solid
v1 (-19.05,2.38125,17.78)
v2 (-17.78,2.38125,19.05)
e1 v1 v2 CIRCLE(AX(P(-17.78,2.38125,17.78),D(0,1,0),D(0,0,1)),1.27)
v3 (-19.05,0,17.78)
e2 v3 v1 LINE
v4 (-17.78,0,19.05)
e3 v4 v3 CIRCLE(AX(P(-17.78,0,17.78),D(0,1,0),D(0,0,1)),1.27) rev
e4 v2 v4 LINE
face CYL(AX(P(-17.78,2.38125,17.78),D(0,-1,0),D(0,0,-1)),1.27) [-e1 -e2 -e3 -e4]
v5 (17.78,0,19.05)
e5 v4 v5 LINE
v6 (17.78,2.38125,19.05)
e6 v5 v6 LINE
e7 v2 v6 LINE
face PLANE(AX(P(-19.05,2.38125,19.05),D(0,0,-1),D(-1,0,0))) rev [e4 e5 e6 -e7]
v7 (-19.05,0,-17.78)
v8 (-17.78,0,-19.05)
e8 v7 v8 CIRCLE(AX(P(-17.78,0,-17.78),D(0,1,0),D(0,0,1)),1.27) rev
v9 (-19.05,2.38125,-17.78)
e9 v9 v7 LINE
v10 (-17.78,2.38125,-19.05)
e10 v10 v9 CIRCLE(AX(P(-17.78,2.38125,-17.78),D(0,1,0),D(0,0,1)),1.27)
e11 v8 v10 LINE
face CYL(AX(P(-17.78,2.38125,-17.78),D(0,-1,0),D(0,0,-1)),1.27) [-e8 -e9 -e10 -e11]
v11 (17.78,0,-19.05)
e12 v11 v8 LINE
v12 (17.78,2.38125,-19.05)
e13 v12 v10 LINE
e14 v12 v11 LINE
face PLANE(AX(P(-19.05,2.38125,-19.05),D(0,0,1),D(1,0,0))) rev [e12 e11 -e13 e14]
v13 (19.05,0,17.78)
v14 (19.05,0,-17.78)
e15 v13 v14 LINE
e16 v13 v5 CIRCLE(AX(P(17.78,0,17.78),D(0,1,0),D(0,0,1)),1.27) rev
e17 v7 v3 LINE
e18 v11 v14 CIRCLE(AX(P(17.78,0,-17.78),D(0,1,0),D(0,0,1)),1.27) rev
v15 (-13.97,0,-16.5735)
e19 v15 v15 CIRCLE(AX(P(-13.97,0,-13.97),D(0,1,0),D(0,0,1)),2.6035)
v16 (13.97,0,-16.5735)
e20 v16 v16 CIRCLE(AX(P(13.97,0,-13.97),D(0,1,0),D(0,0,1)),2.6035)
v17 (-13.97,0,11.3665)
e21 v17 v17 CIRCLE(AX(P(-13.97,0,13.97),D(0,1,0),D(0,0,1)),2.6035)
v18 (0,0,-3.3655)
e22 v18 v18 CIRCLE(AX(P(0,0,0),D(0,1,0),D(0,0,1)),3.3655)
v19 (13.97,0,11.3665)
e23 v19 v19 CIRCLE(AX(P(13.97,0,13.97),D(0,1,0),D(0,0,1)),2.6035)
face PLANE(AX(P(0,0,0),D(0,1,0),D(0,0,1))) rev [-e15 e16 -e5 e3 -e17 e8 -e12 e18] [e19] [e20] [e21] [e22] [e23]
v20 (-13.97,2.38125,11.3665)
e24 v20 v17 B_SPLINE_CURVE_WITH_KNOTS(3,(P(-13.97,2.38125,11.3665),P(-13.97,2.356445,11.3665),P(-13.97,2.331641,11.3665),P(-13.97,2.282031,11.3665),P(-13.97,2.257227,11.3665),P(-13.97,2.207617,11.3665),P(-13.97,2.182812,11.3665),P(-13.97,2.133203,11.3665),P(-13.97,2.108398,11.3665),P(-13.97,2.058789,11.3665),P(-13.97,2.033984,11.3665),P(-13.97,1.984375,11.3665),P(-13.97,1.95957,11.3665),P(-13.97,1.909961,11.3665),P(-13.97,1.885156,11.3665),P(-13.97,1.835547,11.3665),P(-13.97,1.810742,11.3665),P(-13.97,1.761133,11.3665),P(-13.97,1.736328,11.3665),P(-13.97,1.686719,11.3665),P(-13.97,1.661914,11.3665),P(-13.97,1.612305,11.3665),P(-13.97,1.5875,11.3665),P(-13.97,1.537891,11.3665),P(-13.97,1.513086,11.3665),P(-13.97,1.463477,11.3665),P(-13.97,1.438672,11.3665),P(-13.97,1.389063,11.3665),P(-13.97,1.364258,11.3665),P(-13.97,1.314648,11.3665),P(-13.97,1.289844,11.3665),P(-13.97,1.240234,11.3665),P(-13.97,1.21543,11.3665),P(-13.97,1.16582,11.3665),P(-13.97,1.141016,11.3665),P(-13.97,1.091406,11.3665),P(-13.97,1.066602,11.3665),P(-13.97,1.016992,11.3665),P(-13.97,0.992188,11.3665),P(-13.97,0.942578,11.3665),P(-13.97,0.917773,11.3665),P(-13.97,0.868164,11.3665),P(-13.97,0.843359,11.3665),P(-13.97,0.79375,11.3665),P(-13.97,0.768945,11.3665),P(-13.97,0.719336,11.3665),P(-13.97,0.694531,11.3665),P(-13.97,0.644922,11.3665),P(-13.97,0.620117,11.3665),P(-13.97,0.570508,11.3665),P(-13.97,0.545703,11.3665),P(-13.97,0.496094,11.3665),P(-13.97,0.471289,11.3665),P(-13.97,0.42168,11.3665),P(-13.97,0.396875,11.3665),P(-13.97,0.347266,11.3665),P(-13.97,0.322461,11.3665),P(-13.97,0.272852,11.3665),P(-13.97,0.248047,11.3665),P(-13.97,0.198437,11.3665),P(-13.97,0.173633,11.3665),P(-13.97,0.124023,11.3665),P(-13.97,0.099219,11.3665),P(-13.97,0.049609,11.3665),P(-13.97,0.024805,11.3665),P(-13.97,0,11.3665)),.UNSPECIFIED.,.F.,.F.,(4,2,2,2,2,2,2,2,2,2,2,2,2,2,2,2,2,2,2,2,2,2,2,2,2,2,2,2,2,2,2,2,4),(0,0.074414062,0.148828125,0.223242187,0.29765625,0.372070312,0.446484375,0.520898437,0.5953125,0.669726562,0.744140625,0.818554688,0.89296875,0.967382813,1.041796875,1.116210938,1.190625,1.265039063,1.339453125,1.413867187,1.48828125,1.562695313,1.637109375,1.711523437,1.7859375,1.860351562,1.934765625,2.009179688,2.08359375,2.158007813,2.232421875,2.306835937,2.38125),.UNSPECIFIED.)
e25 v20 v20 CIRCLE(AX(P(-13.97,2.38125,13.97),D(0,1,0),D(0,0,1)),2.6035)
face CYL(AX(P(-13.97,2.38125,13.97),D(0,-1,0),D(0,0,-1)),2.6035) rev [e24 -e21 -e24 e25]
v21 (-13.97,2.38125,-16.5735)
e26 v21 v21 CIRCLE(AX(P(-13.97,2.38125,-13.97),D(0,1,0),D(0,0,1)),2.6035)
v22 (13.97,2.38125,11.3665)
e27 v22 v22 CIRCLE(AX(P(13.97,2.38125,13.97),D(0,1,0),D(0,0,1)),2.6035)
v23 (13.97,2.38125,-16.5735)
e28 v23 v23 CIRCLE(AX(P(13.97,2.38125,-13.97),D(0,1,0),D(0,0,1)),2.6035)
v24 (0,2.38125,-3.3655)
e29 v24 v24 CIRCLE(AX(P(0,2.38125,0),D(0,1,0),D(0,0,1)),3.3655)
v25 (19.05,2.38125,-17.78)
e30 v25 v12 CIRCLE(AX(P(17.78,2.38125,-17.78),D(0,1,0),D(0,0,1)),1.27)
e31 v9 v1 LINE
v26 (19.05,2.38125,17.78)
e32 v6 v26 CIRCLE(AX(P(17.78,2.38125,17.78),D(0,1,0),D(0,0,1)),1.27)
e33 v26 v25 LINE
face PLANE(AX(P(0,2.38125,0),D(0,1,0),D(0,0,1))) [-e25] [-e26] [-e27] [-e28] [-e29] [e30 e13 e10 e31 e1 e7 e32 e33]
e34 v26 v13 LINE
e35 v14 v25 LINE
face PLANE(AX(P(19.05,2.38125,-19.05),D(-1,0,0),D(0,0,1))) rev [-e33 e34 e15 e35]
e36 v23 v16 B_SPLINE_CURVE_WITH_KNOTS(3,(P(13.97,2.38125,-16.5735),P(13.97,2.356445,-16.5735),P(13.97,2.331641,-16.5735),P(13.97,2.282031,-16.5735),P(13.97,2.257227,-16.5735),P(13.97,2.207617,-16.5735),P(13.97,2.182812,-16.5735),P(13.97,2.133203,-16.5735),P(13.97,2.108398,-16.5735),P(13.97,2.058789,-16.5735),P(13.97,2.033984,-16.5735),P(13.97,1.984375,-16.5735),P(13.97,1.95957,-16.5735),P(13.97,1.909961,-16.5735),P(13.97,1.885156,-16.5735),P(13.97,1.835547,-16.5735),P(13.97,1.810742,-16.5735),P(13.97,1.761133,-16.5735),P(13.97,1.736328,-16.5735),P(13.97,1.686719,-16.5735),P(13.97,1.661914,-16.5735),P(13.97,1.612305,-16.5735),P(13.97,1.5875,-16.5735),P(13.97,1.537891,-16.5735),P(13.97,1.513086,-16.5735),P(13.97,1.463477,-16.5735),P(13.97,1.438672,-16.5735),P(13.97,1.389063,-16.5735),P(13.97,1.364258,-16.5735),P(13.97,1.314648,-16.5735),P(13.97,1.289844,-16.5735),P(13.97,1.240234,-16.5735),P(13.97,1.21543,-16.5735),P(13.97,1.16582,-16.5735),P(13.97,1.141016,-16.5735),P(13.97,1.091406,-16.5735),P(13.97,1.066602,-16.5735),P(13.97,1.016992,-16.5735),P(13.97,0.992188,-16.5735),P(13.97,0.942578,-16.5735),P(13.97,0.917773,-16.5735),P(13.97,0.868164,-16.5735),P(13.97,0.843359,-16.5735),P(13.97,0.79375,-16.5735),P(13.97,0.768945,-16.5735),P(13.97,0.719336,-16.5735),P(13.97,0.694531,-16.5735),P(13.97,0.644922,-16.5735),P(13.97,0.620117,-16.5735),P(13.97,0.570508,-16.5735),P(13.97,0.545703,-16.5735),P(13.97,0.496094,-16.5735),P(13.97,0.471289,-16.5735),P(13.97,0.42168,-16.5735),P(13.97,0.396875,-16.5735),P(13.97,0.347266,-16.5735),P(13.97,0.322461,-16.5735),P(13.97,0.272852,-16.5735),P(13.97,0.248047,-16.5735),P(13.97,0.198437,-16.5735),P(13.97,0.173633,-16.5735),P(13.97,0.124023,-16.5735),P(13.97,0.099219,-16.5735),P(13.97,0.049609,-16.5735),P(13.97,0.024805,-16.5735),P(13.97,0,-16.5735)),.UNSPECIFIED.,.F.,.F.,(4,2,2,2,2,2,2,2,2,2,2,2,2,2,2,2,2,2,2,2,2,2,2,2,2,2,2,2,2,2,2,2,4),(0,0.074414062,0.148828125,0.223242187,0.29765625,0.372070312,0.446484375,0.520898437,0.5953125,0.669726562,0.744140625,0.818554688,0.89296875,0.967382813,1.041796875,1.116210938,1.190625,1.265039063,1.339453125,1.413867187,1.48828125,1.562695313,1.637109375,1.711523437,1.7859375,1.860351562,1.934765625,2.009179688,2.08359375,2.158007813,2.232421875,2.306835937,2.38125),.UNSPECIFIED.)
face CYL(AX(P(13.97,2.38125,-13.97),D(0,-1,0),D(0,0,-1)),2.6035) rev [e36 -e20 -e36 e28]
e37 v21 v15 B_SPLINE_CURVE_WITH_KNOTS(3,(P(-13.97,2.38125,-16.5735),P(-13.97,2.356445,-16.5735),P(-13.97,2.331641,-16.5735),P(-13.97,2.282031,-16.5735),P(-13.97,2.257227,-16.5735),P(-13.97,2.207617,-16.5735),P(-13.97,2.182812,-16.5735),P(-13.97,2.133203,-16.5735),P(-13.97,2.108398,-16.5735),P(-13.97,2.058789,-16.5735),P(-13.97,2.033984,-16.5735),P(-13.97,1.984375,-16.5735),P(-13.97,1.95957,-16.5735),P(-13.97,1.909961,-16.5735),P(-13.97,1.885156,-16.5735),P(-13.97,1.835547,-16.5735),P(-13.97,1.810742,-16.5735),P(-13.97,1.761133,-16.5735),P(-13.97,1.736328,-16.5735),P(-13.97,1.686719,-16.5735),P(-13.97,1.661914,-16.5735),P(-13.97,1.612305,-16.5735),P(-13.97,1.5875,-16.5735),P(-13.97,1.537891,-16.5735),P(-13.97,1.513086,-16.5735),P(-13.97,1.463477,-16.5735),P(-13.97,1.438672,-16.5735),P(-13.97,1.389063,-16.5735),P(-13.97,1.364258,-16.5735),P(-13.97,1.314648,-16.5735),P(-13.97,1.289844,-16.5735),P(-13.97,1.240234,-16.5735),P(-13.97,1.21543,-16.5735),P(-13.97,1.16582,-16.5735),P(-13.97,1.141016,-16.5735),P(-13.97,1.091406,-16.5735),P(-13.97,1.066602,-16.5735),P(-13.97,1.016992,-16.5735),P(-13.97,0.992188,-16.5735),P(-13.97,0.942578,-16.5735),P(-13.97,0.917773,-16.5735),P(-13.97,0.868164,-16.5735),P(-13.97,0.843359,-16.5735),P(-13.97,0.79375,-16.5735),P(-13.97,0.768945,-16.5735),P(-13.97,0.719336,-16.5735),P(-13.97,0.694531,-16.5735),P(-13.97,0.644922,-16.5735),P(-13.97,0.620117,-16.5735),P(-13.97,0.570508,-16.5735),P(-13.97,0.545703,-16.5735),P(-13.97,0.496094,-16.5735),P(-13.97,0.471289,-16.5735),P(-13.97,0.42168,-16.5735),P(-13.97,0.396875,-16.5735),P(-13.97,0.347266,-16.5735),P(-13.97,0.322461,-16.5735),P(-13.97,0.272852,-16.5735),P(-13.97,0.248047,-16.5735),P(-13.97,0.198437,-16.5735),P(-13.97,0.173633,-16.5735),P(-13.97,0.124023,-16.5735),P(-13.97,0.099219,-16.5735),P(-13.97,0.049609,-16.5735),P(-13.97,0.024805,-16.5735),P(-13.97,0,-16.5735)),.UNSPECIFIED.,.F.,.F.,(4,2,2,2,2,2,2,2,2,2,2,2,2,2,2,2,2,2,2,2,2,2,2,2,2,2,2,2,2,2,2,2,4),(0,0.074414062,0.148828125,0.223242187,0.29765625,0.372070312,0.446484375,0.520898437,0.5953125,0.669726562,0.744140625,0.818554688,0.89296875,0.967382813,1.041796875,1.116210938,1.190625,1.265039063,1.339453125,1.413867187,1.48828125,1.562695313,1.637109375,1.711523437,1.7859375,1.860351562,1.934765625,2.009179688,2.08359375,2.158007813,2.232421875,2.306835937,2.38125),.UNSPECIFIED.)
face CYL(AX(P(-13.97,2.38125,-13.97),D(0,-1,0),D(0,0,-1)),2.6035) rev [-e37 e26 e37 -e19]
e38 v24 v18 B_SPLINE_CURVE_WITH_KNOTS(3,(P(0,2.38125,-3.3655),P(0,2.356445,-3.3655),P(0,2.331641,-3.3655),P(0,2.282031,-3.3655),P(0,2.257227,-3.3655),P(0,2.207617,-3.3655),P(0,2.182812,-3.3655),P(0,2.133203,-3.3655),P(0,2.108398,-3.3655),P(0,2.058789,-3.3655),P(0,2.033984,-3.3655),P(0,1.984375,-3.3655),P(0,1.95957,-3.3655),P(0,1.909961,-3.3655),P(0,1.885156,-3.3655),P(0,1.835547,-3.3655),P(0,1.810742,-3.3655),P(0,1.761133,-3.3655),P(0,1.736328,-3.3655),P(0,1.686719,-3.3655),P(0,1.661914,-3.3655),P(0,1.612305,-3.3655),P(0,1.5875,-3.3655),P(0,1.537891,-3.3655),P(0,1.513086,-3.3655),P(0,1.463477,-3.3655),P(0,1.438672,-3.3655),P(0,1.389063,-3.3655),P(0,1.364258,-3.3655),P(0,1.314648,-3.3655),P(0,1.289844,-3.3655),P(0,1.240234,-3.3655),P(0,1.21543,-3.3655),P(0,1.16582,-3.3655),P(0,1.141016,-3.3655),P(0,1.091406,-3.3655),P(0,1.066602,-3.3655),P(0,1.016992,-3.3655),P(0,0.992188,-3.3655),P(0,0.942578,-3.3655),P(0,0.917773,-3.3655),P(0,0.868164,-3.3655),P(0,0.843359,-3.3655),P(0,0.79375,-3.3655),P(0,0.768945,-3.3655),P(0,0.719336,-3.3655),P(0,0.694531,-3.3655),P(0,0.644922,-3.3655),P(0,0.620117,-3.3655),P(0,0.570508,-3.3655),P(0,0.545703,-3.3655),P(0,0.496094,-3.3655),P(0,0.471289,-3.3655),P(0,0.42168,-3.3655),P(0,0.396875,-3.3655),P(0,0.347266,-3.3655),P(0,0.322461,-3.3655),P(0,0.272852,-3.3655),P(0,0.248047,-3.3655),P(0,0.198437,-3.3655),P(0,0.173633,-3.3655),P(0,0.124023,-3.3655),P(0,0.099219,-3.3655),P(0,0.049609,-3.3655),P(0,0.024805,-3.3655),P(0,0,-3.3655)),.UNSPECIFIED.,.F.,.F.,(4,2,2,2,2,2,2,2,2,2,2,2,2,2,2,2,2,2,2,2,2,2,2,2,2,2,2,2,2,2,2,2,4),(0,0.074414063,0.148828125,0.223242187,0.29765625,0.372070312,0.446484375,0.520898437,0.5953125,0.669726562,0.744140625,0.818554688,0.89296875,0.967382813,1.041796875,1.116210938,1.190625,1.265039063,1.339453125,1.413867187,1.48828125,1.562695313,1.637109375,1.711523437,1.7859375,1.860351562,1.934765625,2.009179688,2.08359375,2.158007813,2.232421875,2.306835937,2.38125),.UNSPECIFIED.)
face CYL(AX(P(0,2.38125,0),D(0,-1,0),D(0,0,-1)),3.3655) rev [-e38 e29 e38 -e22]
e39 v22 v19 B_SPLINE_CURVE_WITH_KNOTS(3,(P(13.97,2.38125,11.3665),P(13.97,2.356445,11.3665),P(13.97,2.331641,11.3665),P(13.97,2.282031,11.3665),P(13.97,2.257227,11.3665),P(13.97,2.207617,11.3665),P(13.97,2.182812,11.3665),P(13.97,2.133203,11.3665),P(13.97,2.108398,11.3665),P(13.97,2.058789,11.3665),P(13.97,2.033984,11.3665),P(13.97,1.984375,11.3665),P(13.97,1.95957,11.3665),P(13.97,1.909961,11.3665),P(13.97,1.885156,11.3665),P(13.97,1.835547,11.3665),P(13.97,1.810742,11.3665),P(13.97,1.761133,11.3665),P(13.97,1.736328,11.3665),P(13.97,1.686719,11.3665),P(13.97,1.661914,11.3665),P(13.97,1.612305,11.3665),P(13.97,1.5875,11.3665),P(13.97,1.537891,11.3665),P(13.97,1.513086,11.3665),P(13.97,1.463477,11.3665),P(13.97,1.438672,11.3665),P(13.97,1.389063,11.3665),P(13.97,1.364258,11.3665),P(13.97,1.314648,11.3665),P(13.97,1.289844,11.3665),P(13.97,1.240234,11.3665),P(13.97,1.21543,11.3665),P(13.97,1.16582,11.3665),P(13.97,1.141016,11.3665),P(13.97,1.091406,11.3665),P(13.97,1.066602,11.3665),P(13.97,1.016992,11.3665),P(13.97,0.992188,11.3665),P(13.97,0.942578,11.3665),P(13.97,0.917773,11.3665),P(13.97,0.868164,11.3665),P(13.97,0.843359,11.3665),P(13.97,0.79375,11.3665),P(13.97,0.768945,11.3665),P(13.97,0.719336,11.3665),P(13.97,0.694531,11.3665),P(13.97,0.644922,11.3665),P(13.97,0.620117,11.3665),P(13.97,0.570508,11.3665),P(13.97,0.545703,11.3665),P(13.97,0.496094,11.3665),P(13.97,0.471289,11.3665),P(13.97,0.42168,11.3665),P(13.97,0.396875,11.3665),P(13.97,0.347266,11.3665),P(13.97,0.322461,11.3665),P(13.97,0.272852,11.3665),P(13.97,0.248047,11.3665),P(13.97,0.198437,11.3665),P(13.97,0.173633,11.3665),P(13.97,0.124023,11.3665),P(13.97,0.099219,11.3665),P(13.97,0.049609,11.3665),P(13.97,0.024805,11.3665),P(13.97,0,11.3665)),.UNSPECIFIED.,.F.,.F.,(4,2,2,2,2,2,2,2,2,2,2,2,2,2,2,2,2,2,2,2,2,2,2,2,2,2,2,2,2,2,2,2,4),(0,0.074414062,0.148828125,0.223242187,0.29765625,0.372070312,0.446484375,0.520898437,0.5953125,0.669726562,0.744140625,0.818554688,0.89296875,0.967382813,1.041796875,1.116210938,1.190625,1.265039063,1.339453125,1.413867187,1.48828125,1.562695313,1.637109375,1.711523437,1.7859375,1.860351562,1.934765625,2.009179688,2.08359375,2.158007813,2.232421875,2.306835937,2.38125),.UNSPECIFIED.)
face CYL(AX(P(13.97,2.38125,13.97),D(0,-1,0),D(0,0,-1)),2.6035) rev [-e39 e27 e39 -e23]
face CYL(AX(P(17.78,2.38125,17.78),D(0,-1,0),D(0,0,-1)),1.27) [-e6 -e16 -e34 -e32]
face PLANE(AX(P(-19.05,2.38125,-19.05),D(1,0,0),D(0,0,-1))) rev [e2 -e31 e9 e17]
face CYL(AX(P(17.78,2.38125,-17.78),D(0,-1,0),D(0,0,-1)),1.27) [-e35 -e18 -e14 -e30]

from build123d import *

# Parameters (mm, degrees)
SKETCH2_W           = 38.1
SKETCH2_H           = 38.1
SKETCH2_R           = 2.6035
SKETCH2_R_2         = 3.3655
BOSS_EXTRUDE1_DEPTH = 2.38125
FILLET1_R           = 1.27


with BuildPart() as part:
    # Sketch2 → Boss-Extrude1 (new body)
    with BuildSketch(Plane(origin=(0, 0, 0), x_dir=(1, 0, 0), z_dir=(0, 1, 0))):
        Rectangle(SKETCH2_W, SKETCH2_H)
        with Locations(Location((-13.97, 13.97, 0), (0, 0, 90))):
            Circle(SKETCH2_R, mode=Mode.SUBTRACT)
        with Locations(Location((-13.97, -13.97, 0), (0, 0, 90))):
            Circle(SKETCH2_R, mode=Mode.SUBTRACT)
        with Locations(Location((13.97, -13.97, 0), (0, 0, 90))):
            Circle(SKETCH2_R, mode=Mode.SUBTRACT)
        with Locations(Location((13.97, 13.97, 0), (0, 0, 90))):
            Circle(SKETCH2_R, mode=Mode.SUBTRACT)
        with Locations(Location((0, 0, 0), (0, 0, 90))):
            Circle(SKETCH2_R_2, mode=Mode.SUBTRACT)
    extrude(amount=BOSS_EXTRUDE1_DEPTH)

    # Fillet1
    fillet1_edges = [part.edges().sort_by_distance(p)[0] for p in [
        (19.05, 1.190625, 19.05),
        (-19.05, 1.190625, 19.05),
        (-19.05, 1.190625, -19.05),
        (19.05, 1.190625, -19.05),
    ]]
    fillet(fillet1_edges, radius=FILLET1_R)


solid = part.part
